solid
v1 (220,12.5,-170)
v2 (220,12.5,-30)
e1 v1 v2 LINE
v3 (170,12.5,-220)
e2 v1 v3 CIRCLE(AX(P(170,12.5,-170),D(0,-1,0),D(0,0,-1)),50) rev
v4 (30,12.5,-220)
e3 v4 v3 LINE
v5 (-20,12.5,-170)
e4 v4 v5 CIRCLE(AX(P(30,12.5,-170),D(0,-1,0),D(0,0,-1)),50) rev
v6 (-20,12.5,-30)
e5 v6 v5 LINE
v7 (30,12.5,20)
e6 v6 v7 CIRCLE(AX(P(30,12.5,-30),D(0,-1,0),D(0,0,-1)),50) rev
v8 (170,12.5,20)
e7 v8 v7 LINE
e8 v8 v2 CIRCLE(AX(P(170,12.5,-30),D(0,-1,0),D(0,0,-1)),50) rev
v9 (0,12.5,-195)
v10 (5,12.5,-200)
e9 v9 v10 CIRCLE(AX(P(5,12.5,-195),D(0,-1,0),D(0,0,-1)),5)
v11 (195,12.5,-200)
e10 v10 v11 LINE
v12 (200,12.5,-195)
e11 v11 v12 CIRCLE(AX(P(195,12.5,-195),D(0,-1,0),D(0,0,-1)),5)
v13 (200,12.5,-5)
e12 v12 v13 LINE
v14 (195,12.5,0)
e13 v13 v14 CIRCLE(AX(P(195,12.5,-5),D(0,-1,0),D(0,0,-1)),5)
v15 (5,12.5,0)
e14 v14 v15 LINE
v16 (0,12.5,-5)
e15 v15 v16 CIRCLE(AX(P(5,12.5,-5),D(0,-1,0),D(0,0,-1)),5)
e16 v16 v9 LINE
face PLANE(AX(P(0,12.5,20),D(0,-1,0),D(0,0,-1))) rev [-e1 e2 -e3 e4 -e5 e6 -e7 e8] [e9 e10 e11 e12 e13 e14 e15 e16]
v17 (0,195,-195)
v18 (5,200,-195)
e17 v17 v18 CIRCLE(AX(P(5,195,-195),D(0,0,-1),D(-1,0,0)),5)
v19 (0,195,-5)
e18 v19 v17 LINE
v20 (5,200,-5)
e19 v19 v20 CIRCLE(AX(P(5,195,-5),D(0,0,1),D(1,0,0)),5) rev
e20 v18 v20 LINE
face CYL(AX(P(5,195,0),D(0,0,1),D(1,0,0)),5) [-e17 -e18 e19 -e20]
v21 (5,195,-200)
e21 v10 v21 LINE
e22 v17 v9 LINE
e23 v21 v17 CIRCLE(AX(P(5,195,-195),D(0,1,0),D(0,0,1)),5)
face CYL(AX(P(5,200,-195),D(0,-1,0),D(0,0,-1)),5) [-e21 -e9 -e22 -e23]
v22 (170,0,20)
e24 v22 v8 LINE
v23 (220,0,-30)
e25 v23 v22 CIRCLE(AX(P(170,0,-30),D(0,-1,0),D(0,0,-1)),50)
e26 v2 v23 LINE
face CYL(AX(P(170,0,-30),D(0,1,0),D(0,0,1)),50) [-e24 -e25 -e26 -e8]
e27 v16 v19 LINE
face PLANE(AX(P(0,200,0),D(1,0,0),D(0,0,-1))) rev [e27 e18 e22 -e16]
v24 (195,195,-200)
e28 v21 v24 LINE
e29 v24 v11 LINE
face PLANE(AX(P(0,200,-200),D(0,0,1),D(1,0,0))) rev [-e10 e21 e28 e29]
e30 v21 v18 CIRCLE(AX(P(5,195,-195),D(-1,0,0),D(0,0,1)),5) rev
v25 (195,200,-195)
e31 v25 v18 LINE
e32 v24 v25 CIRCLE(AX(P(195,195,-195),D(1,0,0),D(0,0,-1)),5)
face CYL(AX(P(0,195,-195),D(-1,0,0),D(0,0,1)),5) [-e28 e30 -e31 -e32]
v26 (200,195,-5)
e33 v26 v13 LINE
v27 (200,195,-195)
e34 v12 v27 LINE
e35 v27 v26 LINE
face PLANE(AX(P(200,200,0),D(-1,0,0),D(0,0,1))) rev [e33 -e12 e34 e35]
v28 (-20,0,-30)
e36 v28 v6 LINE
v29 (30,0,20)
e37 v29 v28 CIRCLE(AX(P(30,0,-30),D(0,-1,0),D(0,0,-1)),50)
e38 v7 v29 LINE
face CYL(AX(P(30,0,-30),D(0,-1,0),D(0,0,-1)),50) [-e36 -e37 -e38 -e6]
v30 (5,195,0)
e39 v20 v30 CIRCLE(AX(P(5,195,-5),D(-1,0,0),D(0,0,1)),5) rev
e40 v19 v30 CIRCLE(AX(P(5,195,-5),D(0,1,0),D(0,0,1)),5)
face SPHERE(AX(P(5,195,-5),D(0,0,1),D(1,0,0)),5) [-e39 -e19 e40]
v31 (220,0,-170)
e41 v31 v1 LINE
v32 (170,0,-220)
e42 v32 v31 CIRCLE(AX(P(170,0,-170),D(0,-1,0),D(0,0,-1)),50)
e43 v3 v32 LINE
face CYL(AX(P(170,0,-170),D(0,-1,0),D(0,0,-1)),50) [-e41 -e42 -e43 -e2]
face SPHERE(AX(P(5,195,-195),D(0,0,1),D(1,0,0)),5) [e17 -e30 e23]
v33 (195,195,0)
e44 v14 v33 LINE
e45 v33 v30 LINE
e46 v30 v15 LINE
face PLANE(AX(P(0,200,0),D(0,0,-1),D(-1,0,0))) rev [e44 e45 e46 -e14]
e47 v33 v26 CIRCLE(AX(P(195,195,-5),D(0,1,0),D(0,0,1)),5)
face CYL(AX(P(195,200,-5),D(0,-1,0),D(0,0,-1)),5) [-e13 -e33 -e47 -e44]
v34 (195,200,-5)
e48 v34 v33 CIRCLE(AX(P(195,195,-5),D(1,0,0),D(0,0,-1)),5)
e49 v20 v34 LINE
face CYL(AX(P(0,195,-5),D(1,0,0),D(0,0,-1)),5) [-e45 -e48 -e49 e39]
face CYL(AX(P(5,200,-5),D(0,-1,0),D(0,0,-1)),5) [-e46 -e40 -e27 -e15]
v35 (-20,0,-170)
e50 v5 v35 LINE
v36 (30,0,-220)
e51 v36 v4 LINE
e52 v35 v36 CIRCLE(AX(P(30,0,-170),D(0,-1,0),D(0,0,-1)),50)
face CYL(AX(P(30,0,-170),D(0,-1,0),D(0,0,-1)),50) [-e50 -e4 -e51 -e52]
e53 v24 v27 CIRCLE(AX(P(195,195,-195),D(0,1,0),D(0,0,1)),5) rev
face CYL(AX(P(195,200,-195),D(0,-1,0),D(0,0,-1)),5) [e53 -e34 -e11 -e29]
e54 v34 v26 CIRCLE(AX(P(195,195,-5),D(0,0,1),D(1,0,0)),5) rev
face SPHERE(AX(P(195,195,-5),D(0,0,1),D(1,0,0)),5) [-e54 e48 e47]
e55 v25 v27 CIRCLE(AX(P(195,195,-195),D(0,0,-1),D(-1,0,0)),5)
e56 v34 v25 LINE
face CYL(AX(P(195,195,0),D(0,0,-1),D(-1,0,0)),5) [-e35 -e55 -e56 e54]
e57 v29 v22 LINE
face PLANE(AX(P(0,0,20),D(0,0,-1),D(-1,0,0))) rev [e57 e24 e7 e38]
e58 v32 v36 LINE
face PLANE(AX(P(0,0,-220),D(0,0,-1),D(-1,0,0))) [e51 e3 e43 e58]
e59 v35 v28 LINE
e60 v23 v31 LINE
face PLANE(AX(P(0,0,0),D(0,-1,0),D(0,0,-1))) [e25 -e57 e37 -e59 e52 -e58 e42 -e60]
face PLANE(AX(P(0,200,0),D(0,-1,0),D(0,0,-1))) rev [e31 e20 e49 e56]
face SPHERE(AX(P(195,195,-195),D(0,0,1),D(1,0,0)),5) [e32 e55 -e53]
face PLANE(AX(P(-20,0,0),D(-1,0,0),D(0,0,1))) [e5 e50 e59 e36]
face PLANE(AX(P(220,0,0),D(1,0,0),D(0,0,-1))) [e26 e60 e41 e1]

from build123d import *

# Parameters (mm, degrees)
SKETCH1_W           = 200
SKETCH1_H           = 200
BOSS_EXTRUDE1_DEPTH = 200
SKETCH3_W           = 200
SKETCH3_H           = 12.5
BOSS_EXTRUDE2_DEPTH = 20
SKETCH4_W           = 220
SKETCH4_H           = 12.5
BOSS_EXTRUDE3_DEPTH = 20
SKETCH5_W           = 220
SKETCH5_H           = 12.5
BOSS_EXTRUDE4_DEPTH = 20
SKETCH6_W           = 240
SKETCH6_H           = 12.5
BOSS_EXTRUDE5_DEPTH = 20
FILLET1_R           = 50
FILLET2_R           = 5


with BuildPart() as part:
    # Sketch1 → Boss-Extrude1 (new body)
    with BuildSketch(Plane(origin=(0, 0, 0), x_dir=(1, 0, 0), z_dir=(0, 1, 0))):
        with Locations((100, 100)):
            Rectangle(SKETCH1_W, SKETCH1_H)
    extrude(amount=BOSS_EXTRUDE1_DEPTH)

    # Sketch3 → Boss-Extrude2 (add)
    with BuildSketch(Plane.XY):
        with Locations((100, 6.25)):
            Rectangle(SKETCH3_W, SKETCH3_H)
    extrude(amount=BOSS_EXTRUDE2_DEPTH)

    # Sketch4 → Boss-Extrude3 (add)
    with BuildSketch(Plane(origin=(200, 0, 0), x_dir=(0, 0, -1), z_dir=(1, 0, 0))):
        with Locations((90, 6.25)):
            Rectangle(SKETCH4_W, SKETCH4_H)
    extrude(amount=BOSS_EXTRUDE3_DEPTH)

    # Sketch5 → Boss-Extrude4 (add)
    with BuildSketch(Plane(origin=(0, 0, -200), x_dir=(-1, 0, 0), z_dir=(0, 0, -1))):
        with Locations((-110, 6.25)):
            Rectangle(SKETCH5_W, SKETCH5_H)
    extrude(amount=BOSS_EXTRUDE4_DEPTH)

    # Sketch6 → Boss-Extrude5 (add)
    with BuildSketch(Plane.ZY):
        with Locations((-100, 6.25)):
            Rectangle(SKETCH6_W, SKETCH6_H)
    extrude(amount=BOSS_EXTRUDE5_DEPTH)

    # Fillet1
    fillet1_edges = [part.edges().sort_by_distance(p)[0] for p in [
        (220, 6.25, 20),
        (220, 6.25, -220),
        (-20, 6.25, -220),
        (-20, 6.25, 20),
    ]]
    fillet(fillet1_edges, radius=FILLET1_R)

    # Fillet2
    fillet2_edges = [part.edges().sort_by_distance(p)[0] for p in [
        (200, 200, -100),
        (100, 200, -200),
        (0, 200, -100),
        (100, 200, 0),
        (0, 106.25, -200),
        (200, 106.25, -200),
        (200, 106.25, 0),
        (0, 106.25, 0),
    ]]
    fillet(fillet2_edges, radius=FILLET2_R)


solid = part.part
